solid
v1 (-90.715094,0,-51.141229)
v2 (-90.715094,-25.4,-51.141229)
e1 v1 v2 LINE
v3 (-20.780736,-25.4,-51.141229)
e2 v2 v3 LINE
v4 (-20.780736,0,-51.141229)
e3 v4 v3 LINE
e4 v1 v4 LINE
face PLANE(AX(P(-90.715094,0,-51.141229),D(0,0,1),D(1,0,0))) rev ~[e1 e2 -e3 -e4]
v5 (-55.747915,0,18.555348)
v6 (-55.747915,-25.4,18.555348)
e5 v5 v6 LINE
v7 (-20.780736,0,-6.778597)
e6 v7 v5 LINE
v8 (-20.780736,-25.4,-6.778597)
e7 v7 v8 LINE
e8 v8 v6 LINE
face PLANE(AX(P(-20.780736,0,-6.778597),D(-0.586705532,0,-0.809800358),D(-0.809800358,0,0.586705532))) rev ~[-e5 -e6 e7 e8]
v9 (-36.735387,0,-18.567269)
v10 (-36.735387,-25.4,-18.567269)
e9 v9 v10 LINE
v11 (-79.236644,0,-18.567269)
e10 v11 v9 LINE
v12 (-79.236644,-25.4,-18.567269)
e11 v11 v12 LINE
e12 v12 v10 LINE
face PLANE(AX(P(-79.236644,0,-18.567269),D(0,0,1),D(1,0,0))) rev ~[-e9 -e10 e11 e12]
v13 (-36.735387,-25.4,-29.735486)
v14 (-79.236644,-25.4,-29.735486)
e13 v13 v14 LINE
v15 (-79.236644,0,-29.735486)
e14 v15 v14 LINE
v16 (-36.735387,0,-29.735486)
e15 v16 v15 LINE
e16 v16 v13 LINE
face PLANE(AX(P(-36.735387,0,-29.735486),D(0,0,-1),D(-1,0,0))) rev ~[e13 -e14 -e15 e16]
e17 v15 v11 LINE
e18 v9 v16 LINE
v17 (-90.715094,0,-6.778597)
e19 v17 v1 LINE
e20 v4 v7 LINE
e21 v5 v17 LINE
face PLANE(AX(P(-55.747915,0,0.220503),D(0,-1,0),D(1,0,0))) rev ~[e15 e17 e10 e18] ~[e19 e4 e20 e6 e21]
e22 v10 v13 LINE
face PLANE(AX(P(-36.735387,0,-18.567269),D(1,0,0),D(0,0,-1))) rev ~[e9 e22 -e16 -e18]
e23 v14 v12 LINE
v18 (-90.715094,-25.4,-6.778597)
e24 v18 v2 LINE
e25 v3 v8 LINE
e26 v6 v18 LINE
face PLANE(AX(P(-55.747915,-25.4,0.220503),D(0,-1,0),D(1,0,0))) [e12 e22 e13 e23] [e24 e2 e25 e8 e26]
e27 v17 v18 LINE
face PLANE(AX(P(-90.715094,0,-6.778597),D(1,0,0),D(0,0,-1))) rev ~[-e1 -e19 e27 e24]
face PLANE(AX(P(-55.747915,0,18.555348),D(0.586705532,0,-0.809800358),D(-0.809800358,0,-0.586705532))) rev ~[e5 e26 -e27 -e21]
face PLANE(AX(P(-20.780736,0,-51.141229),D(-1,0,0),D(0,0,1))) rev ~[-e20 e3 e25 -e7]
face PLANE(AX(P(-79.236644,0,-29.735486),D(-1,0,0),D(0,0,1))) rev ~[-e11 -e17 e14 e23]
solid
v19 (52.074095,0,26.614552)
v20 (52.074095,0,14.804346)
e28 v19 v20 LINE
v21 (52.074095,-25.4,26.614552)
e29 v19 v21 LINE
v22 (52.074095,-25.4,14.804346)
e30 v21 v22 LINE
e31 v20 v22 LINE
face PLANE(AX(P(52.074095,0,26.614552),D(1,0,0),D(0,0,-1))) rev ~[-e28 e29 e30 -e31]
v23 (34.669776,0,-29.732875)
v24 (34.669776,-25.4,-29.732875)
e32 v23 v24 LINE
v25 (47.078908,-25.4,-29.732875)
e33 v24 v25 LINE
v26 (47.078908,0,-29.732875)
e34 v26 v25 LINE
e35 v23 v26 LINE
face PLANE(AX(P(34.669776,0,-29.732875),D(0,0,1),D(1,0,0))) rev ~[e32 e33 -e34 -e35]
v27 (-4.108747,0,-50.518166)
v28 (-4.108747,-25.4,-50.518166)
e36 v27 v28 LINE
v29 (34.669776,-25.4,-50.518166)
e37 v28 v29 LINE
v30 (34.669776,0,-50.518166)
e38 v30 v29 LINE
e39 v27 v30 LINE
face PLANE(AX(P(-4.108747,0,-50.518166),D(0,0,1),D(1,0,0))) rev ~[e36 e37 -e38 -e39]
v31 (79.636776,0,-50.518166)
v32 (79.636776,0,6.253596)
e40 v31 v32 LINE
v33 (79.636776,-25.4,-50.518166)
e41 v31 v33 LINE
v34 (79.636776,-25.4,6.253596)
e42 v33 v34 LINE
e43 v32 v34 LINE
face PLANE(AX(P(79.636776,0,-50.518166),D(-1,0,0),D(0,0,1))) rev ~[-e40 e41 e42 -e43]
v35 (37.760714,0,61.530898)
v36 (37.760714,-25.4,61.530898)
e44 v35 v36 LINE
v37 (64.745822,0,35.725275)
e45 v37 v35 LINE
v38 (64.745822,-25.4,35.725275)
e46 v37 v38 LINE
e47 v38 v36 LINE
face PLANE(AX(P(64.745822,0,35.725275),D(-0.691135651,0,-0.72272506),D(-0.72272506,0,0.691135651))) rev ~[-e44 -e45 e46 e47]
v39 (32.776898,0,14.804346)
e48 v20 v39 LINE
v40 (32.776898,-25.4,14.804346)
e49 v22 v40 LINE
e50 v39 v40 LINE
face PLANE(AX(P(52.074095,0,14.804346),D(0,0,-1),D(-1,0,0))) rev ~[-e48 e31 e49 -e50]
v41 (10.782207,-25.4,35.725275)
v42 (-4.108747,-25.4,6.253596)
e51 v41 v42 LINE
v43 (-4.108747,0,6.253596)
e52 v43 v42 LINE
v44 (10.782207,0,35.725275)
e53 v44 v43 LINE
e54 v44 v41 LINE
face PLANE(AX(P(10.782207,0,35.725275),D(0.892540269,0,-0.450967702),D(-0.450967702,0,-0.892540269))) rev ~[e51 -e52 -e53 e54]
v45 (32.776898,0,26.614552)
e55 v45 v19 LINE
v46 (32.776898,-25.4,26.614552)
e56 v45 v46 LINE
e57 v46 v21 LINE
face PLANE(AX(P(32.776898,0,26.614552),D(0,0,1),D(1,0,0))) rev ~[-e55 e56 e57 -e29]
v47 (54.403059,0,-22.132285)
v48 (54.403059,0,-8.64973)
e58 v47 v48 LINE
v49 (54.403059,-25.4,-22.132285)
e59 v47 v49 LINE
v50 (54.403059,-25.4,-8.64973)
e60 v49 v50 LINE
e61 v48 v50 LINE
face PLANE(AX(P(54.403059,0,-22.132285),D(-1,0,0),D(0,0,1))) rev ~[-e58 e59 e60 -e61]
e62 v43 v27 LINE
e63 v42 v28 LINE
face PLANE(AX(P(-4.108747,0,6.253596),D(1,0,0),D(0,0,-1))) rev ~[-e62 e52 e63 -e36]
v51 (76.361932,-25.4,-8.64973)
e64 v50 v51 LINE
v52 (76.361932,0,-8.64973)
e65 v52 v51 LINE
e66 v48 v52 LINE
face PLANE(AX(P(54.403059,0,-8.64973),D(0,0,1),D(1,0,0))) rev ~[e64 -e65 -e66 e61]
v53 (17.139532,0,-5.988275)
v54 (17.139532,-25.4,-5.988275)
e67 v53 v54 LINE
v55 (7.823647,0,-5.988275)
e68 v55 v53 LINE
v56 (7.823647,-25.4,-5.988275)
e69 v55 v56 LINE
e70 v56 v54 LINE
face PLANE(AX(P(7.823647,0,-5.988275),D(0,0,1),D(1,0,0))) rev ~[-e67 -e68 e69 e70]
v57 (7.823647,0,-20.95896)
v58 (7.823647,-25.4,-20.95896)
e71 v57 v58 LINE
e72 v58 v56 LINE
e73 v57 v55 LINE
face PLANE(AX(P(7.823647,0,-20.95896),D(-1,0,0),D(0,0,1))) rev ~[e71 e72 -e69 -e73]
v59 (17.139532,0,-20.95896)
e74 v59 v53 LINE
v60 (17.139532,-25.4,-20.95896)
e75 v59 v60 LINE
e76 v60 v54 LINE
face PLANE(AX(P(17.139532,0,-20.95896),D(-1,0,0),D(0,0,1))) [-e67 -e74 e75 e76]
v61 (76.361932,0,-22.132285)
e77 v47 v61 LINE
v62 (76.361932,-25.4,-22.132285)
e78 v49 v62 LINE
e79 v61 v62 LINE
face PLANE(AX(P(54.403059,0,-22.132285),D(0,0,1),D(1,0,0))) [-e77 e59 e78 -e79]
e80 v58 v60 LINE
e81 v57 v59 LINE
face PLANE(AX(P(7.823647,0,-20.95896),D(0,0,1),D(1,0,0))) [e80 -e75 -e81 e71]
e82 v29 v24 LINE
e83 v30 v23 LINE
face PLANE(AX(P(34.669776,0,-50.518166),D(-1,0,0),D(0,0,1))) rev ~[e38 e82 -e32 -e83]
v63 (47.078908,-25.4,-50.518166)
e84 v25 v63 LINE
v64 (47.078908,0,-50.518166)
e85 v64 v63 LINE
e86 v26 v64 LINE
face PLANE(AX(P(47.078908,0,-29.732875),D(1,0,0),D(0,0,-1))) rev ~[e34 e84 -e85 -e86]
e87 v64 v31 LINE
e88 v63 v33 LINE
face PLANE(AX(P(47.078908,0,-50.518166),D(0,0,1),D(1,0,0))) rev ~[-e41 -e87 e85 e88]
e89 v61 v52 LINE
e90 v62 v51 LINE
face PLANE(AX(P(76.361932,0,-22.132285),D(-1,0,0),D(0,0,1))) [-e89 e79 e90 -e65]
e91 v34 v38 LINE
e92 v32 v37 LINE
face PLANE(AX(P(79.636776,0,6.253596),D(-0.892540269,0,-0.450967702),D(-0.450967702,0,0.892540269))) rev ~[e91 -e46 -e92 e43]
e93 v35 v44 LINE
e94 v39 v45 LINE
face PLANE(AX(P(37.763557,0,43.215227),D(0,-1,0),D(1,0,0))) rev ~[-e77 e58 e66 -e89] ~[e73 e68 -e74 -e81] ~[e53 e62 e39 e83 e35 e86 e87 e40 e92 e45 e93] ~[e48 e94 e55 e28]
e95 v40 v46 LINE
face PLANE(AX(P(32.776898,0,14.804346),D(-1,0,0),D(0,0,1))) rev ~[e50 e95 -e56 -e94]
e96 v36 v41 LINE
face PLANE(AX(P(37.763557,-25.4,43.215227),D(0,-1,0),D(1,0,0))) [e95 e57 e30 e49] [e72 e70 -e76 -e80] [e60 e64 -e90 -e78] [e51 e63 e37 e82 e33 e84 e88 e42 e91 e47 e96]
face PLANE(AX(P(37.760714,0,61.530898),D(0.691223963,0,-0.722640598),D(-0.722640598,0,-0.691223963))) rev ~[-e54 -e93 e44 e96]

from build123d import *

# Parameters (mm, degrees)
F0_W     = 9.3158846721
F0_H     = 14.9706853554
F0_W_2   = 21.9588726759
F0_H_2   = 13.4825551831
F1_DEPTH = 25.4


with BuildPart() as f1:
    # F0 (on Front) → F1 (new body)
    with BuildSketch(Plane.XZ):
        Polygon((37.7607141337, 61.5308982338), (10.7822067568, 35.7252753039), (64.7458224195, 35.7252753039), align=None)
        Polygon((10.7822067568, 35.7252753039), (-4.1087467591, 6.25359562), (79.6367759354, 6.25359562), (64.7458224195, 35.7252753039), align=None)
        Polygon((32.7768977731, 14.8043464869), (32.7768977731, 26.6145523638), (42.4254965037, 26.6145523638), (52.0740952343, 26.6145523638), (52.0740952343, 14.8043464869), align=None, mode=Mode.SUBTRACT)
        Polygon((79.6367759354, 6.25359562), (-4.1087467591, 6.25359562), (-4.1087467591, -50.5181662333), (34.6697755069, -50.5181662333), (34.6697755069, -29.7328753043), (47.0789076344, -29.7328753043), (47.0789076344, -50.5181662333), (79.6367759354, -50.5181662333), align=None)
        with Locations((12.4815893359, -13.4736173786)):
            Rectangle(F0_W, F0_H, mode=Mode.SUBTRACT)
        with Locations((65.3824955225, -15.3910077151)):
            Rectangle(F0_W_2, F0_H_2, mode=Mode.SUBTRACT)
    extrude(amount=F1_DEPTH)


with BuildPart() as f1b:
    # F0 (on Front) → F1, piece 2 (new body)
    with BuildSketch(Plane.XZ):
        Polygon((-55.7479149937, 18.5553483021), (-90.7150944341, -6.7785965541), (-20.7807355532, -6.7785965541), align=None)
        Polygon((-79.236643916, -29.7354863002), (-79.236643916, -51.1412293196), (-36.7353873963, -51.1412293196), (-36.7353873963, -29.7354863002), (-45.4217270829, -29.7354863002), (-53.1771524115, -29.7354863002), (-61.554026828, -29.7354863002), (-70.2411481329, -29.7354863002), align=None)
        Polygon((-20.7807355532, -6.7785965541), (-90.7150944341, -6.7785965541), (-90.7150944341, -51.1412293196), (-79.236643916, -51.1412293196), (-79.236643916, -29.7354863002), (-79.236643916, -18.5672687751), (-70.2411481329, -18.5672687751), (-61.554026828, -18.5672687751), (-53.1771524115, -18.5672687751), (-45.4217270829, -18.5672687751), (-36.7353873963, -18.5672687751), (-36.7353873963, -29.7354863002), (-36.7353873963, -51.1412293196), (-20.7807355532, -51.1412293196), align=None)
    extrude(amount=F1_DEPTH)


solid = Compound([f1.part, f1b.part])
